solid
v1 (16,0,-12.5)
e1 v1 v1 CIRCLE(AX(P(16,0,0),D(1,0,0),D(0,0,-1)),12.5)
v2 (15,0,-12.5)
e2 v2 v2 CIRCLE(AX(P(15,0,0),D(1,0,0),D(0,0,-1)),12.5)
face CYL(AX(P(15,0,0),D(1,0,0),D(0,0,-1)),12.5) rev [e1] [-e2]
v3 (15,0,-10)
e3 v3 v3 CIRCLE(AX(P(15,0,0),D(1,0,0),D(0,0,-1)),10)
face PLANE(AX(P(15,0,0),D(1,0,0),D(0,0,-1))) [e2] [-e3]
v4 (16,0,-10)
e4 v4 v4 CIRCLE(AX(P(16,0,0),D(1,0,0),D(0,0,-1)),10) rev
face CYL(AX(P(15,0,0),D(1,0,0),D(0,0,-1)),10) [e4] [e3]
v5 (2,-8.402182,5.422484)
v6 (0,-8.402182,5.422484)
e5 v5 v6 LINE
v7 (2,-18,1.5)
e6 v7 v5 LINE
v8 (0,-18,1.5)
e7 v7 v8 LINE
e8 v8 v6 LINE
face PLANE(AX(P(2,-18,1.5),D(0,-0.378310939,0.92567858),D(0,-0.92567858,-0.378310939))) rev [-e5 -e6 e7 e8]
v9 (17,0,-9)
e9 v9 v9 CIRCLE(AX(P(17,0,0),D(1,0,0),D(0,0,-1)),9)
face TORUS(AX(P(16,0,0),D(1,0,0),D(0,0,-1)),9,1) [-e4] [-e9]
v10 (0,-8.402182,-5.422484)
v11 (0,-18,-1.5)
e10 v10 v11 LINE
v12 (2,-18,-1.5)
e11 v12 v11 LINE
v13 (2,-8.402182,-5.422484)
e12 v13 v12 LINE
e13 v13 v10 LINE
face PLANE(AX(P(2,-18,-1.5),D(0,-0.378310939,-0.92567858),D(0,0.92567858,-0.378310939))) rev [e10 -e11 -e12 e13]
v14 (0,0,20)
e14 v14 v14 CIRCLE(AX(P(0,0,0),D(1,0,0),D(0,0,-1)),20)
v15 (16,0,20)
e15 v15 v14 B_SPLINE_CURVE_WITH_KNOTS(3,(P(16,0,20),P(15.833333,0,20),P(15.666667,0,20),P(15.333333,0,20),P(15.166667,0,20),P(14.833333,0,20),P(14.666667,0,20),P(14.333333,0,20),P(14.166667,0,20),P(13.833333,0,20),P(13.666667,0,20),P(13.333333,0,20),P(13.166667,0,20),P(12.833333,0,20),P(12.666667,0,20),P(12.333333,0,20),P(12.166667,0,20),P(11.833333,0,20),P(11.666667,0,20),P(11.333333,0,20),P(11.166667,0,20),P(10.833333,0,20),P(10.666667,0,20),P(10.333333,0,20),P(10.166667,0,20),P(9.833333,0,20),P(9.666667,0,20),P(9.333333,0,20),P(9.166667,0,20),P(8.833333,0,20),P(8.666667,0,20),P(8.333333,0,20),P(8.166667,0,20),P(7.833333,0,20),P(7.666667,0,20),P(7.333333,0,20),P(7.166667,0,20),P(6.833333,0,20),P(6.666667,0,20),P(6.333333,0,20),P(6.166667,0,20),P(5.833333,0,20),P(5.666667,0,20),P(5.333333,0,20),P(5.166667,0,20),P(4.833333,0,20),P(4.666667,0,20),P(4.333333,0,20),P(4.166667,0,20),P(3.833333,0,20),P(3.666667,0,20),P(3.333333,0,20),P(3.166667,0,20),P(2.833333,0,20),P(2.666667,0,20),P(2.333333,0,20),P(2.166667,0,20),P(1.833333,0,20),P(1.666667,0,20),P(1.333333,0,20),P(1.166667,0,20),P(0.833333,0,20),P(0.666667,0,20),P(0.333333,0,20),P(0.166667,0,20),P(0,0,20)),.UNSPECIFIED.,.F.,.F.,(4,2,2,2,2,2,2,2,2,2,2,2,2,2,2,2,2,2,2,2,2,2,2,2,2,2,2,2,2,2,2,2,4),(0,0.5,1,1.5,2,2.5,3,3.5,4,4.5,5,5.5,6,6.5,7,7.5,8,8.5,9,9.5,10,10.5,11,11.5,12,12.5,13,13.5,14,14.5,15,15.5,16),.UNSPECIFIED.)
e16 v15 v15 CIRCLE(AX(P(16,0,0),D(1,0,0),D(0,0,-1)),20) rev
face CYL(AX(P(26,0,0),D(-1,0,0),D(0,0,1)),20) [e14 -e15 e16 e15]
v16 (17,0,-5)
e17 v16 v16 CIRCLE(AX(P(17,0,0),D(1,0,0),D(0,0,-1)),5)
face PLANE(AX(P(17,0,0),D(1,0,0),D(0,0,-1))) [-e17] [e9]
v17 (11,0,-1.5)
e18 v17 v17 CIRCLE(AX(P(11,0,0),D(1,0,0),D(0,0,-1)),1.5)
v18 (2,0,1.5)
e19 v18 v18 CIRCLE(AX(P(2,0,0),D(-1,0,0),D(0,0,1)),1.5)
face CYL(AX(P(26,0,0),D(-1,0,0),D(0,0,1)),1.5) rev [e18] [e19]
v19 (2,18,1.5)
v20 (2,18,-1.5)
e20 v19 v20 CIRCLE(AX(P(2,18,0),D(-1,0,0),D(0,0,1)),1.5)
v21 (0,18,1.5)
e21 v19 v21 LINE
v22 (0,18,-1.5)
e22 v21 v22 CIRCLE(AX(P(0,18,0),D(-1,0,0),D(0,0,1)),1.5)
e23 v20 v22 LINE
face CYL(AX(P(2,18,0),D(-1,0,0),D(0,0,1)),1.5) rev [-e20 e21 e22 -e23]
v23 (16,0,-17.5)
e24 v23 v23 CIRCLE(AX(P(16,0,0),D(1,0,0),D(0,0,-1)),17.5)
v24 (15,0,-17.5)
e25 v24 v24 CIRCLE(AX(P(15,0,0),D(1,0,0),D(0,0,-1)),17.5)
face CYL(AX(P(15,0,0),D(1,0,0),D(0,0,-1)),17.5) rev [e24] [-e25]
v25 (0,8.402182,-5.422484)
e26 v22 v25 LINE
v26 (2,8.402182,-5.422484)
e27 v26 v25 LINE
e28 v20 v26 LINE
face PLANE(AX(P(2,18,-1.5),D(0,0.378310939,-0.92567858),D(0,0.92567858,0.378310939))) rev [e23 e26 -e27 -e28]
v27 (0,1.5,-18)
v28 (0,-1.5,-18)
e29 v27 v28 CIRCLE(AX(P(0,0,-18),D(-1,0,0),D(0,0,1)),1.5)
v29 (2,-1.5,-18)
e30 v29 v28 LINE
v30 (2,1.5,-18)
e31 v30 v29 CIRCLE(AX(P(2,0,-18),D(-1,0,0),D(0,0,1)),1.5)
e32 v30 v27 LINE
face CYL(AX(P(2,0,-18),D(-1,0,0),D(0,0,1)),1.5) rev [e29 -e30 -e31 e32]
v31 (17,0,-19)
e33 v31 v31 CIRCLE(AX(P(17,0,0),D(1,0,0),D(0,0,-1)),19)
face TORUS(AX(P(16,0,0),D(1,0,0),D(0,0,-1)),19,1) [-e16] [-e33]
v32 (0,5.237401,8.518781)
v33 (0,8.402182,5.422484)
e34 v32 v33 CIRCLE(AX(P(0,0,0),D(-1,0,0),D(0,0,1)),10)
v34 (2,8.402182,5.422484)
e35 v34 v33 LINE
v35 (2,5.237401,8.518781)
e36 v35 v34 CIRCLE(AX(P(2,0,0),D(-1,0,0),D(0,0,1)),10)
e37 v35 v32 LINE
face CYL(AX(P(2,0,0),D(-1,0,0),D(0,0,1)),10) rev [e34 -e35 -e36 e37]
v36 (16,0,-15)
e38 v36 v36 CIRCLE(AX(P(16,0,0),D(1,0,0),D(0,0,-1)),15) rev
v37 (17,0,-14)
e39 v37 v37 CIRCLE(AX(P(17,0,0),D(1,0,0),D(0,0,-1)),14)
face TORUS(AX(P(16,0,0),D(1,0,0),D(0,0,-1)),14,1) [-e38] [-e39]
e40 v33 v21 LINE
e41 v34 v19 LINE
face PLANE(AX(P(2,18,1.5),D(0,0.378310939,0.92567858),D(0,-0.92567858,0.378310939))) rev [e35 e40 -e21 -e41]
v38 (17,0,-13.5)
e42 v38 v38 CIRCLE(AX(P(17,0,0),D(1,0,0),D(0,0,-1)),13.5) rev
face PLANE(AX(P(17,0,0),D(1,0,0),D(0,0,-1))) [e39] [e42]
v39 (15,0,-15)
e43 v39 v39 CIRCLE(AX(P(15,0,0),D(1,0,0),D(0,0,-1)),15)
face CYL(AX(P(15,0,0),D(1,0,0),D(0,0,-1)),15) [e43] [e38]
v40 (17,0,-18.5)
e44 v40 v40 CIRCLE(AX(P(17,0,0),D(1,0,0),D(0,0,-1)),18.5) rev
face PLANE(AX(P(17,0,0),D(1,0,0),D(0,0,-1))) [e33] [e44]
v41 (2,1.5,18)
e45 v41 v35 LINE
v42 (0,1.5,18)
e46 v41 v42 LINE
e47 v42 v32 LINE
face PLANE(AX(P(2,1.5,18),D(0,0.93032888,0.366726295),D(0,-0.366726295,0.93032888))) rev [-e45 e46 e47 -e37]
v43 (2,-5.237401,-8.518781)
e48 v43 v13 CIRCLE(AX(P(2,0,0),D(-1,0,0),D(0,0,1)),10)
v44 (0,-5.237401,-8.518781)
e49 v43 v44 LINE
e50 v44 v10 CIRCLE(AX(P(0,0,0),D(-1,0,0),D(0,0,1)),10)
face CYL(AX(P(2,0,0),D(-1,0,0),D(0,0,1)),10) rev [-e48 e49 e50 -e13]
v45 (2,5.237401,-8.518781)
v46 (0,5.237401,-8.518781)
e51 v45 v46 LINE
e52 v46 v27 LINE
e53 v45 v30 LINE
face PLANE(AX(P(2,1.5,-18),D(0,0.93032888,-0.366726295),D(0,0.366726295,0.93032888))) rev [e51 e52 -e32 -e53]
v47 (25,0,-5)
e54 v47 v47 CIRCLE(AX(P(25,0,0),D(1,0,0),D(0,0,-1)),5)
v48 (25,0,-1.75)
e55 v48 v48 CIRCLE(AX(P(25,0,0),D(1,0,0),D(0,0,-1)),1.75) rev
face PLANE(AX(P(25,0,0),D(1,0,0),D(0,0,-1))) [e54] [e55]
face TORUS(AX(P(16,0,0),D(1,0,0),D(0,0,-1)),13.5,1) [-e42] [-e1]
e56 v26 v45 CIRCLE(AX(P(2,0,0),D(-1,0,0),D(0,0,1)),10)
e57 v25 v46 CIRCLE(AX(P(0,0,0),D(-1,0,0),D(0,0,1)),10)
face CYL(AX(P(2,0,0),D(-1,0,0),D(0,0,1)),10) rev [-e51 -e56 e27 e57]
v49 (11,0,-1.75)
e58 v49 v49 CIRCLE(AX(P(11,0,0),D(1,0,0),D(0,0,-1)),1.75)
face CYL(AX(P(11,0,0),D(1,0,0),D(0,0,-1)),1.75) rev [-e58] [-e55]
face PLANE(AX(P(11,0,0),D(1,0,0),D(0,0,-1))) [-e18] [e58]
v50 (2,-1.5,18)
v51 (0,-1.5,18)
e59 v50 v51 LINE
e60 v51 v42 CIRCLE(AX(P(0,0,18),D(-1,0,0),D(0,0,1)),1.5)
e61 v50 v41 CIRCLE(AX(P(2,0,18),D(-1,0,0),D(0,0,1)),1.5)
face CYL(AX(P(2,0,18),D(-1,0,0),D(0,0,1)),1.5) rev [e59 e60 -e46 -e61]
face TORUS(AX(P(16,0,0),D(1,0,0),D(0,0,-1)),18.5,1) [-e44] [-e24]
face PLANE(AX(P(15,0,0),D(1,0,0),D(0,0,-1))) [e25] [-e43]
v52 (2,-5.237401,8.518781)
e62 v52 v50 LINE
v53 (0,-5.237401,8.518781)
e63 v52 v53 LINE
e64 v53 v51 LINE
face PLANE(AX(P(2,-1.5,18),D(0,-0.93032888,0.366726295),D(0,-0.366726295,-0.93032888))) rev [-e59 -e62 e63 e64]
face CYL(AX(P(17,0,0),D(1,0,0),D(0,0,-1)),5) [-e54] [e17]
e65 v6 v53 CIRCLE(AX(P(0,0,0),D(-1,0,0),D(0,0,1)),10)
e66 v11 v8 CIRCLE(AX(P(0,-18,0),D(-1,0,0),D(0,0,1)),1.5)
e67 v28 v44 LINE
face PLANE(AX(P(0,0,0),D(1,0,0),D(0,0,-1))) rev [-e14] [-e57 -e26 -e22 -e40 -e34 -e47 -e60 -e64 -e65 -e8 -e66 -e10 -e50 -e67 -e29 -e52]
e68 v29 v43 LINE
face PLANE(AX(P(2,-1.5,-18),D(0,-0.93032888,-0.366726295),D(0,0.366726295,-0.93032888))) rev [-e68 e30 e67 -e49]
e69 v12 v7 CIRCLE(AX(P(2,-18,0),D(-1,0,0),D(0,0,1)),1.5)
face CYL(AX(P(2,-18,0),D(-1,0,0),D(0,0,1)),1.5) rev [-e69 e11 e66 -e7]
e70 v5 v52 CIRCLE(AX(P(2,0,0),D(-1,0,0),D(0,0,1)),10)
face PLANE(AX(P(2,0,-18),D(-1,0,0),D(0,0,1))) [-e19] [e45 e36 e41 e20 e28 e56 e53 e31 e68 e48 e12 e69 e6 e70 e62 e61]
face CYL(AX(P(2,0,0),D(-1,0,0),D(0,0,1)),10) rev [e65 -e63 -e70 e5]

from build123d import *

# Parameters (mm, degrees)
SKETCH1_R           = 20
BOSS_EXTRUDE1_DEPTH = 26
CUT_EXTRUDE1_START  = -9
SKETCH3_R           = 20
SKETCH3_R_2         = 5
CUT_EXTRUDE1_DEPTH  = 9
SKETCH4_R           = 1.75
CUT_EXTRUDE2_DEPTH  = 15
CUT_EXTRUDE4_DEPTH  = 2
SKETCH8_R           = 1.5
CUT_EXTRUDE5_DEPTH  = 38.094473982
CUT_EXTRUDE6_START  = -2
SKETCH9_R           = 17.5
SKETCH9_R_2         = 15
SKETCH9_R_3         = 12.5
SKETCH9_R_4         = 10
CUT_EXTRUDE6_DEPTH  = 2
FILLET1_R           = 1
FILLET2_R           = 1
FILLET3_R           = 1
FILLET4_R           = 1
FILLET5_R           = 1
CUT_EXTRUDE7_START  = -1
SKETCH10_R          = 5
CUT_EXTRUDE7_DEPTH  = 1


with BuildPart() as part:
    # Sketch1 → Boss-Extrude1 (new body)
    with BuildSketch(Plane(origin=(0, 0, 0), x_dir=(0, 0, -1), z_dir=(1, 0, 0))):
        with Locations(Location((0, 0, 0), (0, 0, 180))):
            Circle(SKETCH1_R)
    extrude(amount=BOSS_EXTRUDE1_DEPTH)

    # Sketch3 → Cut-Extrude1 (cut)
    with BuildSketch(Plane(origin=(26, 0, 0), x_dir=(0, 0, -1), z_dir=(1, 0, 0)).offset(CUT_EXTRUDE1_START)):
        with Locations(Location((0, 0, 0), (0, 0, 180))):
            Circle(SKETCH3_R)
        Circle(SKETCH3_R_2, mode=Mode.SUBTRACT)
    extrude(amount=CUT_EXTRUDE1_DEPTH, mode=Mode.SUBTRACT)

    # Sketch4 → Cut-Extrude2 (cut)
    with BuildSketch(Plane(origin=(26, 0, 0), x_dir=(0, 0, -1), z_dir=(1, 0, 0))):
        Circle(SKETCH4_R)
    extrude(amount=-CUT_EXTRUDE2_DEPTH, mode=Mode.SUBTRACT)

    # Sketch7 → Cut-Extrude4 (cut)
    with BuildSketch(Plane.ZY):
        with BuildLine():
            Line((-18, 1.5), (-8.518780875, 5.237401303))
            ThreePointArc((-8.518780875, 5.237401303), (-7.147984075, 6.993305632), (-5.422484014, 8.402182283))
            Line((-5.422484014, 8.402182283), (-1.5, 18))
            ThreePointArc((-1.5, 18), (0, 19.5), (1.5, 18))
            Line((1.5, 18), (5.422484014, 8.402182283))
            ThreePointArc((5.422484014, 8.402182283), (7.147984075, 6.993305632), (8.518780875, 5.237401303))
            Line((8.518780875, 5.237401303), (18, 1.5))
            ThreePointArc((18, 1.5), (19.5, 0), (18, -1.5))
            Line((18, -1.5), (8.518780875, -5.237401303))
            ThreePointArc((8.518780875, -5.237401303), (7.147984075, -6.993305632), (5.422484014, -8.402182283))
            Line((5.422484014, -8.402182283), (1.5, -18))
            ThreePointArc((1.5, -18), (0, -19.5), (-1.5, -18))
            Line((-1.5, -18), (-5.422484014, -8.402182283))
            ThreePointArc((-5.422484014, -8.402182283), (-7.147984075, -6.993305632), (-8.518780875, -5.237401303))
            Line((-8.518780875, -5.237401303), (-18, -1.5))
            ThreePointArc((-18, -1.5), (-19.5, 0), (-18, 1.5))
        make_face()
    extrude(amount=-CUT_EXTRUDE4_DEPTH, mode=Mode.SUBTRACT)

    # Sketch8 → Cut-Extrude5 (cut, through all)
    with BuildSketch(Plane.ZY.offset(-2)):
        Circle(SKETCH8_R)
    extrude(amount=-CUT_EXTRUDE5_DEPTH, mode=Mode.SUBTRACT)

    # Sketch9 → Cut-Extrude6 (cut)
    # profile 1 of 2: a face of its own
    with BuildSketch(Plane(origin=(17, 0, 0), x_dir=(0, 0, -1), z_dir=(1, 0, 0)).offset(CUT_EXTRUDE6_START)):
        Circle(SKETCH9_R)
        Circle(SKETCH9_R_2, mode=Mode.SUBTRACT)
    # profile 2 of 2: a face of its own
    with BuildSketch(Plane(origin=(17, 0, 0), x_dir=(0, 0, -1), z_dir=(1, 0, 0)).offset(CUT_EXTRUDE6_START)):
        Circle(SKETCH9_R_3)
        Circle(SKETCH9_R_4, mode=Mode.SUBTRACT)
    extrude(amount=CUT_EXTRUDE6_DEPTH, mode=Mode.SUBTRACT)

    # Fillet1
    fillet1_edges = [part.edges().sort_by_distance(p)[0] for p in [
        (17, 0, 17.5),
    ]]
    fillet(fillet1_edges, radius=FILLET1_R)

    # Fillet2
    fillet2_edges = [part.edges().sort_by_distance(p)[0] for p in [
        (17, 0, -20),
    ]]
    fillet(fillet2_edges, radius=FILLET2_R)

    # Fillet3
    fillet3_edges = [part.edges().sort_by_distance(p)[0] for p in [
        (17, 0, 15),
    ]]
    fillet(fillet3_edges, radius=FILLET3_R)

    # Fillet4
    fillet4_edges = [part.edges().sort_by_distance(p)[0] for p in [
        (17, 0, 12.5),
    ]]
    fillet(fillet4_edges, radius=FILLET4_R)

    # Fillet5
    fillet5_edges = [part.edges().sort_by_distance(p)[0] for p in [
        (17, 0, 10),
    ]]
    fillet(fillet5_edges, radius=FILLET5_R)

    # Sketch10 → Cut-Extrude7 (cut)
    with BuildSketch(Plane(origin=(26, 0, 0), x_dir=(0, 0, -1), z_dir=(1, 0, 0)).offset(CUT_EXTRUDE7_START)):
        Circle(SKETCH10_R)
    extrude(amount=CUT_EXTRUDE7_DEPTH, mode=Mode.SUBTRACT)


solid = part.part
